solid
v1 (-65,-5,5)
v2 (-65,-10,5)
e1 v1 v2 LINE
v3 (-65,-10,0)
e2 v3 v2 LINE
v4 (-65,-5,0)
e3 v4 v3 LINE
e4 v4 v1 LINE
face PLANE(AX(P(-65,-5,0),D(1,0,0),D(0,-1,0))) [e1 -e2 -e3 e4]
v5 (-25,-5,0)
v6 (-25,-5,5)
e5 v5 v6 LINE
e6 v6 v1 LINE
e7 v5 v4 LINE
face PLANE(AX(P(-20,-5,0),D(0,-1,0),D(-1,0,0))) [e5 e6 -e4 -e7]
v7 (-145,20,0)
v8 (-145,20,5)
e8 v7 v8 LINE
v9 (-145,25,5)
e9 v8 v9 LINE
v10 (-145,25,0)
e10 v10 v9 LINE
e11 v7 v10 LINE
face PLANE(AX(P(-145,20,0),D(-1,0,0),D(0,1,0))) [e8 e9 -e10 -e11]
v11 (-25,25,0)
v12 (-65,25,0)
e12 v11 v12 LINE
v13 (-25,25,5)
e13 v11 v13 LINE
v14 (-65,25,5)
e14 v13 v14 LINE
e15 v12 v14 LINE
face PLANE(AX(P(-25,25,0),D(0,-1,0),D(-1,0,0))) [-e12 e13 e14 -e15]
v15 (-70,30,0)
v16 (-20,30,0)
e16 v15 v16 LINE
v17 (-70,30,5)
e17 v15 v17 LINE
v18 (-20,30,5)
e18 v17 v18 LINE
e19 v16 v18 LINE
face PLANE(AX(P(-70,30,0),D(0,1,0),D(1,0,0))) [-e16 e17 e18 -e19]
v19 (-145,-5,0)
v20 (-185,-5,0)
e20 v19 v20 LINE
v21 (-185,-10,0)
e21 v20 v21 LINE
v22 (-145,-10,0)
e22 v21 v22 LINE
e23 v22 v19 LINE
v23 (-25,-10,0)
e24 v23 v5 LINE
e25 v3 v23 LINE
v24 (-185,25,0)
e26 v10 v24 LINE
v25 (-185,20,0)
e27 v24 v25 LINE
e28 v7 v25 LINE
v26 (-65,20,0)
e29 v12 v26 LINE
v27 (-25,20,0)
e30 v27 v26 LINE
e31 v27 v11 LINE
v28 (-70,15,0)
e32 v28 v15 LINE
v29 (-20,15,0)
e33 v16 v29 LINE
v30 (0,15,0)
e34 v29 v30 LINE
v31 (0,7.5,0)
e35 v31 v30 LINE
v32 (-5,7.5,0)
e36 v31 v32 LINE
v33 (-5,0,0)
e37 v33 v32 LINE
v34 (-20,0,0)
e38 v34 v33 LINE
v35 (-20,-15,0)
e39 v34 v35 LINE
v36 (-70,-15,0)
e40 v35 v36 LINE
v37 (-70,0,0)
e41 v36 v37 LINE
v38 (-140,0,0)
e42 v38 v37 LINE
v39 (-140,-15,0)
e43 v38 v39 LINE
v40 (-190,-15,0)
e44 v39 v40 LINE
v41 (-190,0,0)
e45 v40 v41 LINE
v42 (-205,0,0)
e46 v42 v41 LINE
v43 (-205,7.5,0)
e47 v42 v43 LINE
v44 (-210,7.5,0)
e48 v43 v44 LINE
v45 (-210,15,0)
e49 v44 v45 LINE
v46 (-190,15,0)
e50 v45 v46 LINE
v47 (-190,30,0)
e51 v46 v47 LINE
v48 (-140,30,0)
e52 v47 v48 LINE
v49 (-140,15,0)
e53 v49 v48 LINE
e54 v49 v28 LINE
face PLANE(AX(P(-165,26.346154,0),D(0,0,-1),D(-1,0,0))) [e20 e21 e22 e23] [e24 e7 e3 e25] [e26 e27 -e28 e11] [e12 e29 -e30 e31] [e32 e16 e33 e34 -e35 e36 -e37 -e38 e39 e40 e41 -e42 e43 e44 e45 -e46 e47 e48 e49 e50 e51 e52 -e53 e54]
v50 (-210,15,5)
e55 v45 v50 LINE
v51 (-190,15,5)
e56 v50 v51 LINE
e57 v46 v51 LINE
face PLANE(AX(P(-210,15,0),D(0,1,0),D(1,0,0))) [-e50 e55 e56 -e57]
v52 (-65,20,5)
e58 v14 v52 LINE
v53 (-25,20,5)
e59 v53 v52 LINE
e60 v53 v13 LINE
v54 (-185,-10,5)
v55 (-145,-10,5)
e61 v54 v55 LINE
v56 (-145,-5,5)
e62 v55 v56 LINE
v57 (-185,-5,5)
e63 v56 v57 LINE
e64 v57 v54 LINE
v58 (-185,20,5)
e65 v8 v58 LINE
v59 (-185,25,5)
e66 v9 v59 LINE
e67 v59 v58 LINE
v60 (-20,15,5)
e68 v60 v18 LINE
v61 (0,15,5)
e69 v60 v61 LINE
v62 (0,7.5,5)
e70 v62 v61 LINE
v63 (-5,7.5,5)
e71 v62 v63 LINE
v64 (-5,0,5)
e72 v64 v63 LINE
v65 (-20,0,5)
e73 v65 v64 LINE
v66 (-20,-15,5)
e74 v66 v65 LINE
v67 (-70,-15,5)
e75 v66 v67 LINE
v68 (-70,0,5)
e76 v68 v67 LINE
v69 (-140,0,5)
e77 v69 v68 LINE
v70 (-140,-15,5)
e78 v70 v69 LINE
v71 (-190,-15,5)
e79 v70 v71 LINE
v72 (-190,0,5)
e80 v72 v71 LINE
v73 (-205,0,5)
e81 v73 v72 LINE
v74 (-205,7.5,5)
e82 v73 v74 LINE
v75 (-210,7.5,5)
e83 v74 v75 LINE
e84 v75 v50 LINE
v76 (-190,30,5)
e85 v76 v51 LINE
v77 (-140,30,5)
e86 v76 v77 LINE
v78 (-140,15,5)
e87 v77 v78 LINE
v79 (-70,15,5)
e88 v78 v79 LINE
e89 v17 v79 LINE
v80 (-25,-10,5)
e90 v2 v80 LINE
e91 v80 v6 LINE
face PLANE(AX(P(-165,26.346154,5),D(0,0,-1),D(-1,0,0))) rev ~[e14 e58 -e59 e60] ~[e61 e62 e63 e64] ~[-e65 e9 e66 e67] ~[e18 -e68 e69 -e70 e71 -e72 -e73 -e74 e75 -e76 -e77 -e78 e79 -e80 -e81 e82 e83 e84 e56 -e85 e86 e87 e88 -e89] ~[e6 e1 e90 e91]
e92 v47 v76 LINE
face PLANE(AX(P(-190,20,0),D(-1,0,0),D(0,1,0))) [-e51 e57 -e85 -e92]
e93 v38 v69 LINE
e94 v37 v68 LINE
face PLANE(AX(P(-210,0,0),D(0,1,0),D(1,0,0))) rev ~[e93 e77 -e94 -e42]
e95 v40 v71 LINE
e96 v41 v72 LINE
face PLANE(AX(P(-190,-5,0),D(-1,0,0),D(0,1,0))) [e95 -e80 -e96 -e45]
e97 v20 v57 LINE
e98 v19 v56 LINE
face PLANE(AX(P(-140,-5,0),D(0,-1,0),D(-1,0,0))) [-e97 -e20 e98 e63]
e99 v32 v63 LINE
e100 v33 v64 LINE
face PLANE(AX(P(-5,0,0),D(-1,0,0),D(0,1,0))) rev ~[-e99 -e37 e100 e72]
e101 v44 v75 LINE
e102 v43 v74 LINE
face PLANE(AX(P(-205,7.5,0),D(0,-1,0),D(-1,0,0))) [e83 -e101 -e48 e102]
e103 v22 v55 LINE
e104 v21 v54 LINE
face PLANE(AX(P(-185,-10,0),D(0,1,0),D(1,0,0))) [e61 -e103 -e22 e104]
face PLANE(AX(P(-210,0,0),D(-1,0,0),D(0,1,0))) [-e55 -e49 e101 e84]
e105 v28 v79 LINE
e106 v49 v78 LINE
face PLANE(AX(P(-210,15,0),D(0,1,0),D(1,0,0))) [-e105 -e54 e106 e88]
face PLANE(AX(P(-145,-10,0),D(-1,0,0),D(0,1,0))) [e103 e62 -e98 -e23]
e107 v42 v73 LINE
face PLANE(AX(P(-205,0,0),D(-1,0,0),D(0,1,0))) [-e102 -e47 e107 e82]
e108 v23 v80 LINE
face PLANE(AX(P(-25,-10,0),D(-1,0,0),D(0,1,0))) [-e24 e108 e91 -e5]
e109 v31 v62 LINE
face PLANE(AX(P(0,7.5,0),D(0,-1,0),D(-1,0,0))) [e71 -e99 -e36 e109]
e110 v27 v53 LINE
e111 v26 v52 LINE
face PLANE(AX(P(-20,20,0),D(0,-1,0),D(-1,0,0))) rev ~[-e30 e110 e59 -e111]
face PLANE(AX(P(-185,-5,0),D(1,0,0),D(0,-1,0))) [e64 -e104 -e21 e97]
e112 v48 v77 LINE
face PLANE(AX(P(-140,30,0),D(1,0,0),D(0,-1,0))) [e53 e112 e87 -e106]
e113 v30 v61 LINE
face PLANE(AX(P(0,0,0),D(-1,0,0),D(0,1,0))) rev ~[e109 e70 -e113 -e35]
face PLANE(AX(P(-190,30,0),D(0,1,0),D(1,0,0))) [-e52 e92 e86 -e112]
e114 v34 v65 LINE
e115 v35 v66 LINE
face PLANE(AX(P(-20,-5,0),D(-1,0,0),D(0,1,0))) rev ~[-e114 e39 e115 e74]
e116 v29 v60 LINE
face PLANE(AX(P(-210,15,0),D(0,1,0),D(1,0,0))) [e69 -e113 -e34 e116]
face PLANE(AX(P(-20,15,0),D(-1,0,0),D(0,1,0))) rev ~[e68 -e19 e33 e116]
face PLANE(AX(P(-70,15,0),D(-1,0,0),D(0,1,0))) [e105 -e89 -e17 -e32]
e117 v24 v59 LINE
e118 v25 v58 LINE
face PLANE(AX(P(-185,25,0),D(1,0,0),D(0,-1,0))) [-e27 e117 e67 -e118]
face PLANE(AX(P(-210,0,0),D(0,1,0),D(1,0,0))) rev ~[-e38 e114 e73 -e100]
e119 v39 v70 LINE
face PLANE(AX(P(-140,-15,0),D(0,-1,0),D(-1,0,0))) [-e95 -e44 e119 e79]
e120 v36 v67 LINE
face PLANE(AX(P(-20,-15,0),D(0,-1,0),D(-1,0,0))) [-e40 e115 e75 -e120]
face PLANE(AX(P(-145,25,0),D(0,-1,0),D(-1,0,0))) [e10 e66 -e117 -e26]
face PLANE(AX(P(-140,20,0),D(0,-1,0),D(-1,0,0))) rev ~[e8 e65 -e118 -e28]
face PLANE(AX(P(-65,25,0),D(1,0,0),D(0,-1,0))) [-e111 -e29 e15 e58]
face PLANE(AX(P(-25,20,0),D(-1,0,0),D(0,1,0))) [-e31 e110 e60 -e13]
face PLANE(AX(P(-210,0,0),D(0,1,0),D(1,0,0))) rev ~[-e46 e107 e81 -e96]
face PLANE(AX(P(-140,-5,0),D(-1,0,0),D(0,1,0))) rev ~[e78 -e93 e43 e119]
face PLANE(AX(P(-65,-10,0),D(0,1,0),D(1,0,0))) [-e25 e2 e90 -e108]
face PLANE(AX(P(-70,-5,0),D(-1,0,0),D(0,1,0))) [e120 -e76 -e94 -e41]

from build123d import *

# Parameters (mm, degrees)
SKETCH1_W           = 210
SKETCH1_H           = 15
BOSS_EXTRUDE1_DEPTH = 5
SKETCH2_W           = 50
SKETCH2_H           = 5
BOSS_EXTRUDE2_DEPTH = 5
SKETCH3_W           = 5
SKETCH3_H           = 7.5
CUT_EXTRUDE1_DEPTH  = 5
BOSS_EXTRUDE3_DEPTH = 5


with BuildPart() as part:
    # Sketch1 → Boss-Extrude1 (new body)
    with BuildSketch(Plane.XY):
        with Locations((-105, 7.5)):
            Rectangle(SKETCH1_W, SKETCH1_H)
    extrude(amount=BOSS_EXTRUDE1_DEPTH)

    # Sketch2 → Boss-Extrude2 (add)
    with BuildSketch(Plane(origin=(0, 0, 0), x_dir=(-1, 0, 0), z_dir=(0, 0, -1))):
        with Locations((45, -2.5)):
            Rectangle(SKETCH2_W, SKETCH2_H)
        with Locations((165, -2.5)):
            Rectangle(SKETCH2_W, SKETCH2_H)
        with Locations((165, 17.5)):
            Rectangle(SKETCH2_W, SKETCH2_H)
        with Locations((45, 17.5)):
            Rectangle(SKETCH2_W, SKETCH2_H)
    extrude(amount=-BOSS_EXTRUDE2_DEPTH)

    # Sketch3 → Cut-Extrude1 (cut)
    with BuildSketch(Plane(origin=(0, 0, 0), x_dir=(-1, 0, 0), z_dir=(0, 0, -1))):
        with Locations((2.5, 3.75)):
            Rectangle(SKETCH3_W, SKETCH3_H)
        with Locations((207.5, 3.75)):
            Rectangle(SKETCH3_W, SKETCH3_H)
    extrude(amount=-CUT_EXTRUDE1_DEPTH, mode=Mode.SUBTRACT)

    # Sketch4 → Boss-Extrude3 (add)
    with BuildSketch(Plane(origin=(0, 0, 0), x_dir=(-1, 0, 0), z_dir=(0, 0, -1))):
        Polygon((140, 30), (140, 20), (145, 20), (145, 25), (185, 25), (185, 20), (190, 20), (190, 30), align=None)
        Polygon((20, 20), (25, 20), (25, 25), (65, 25), (65, 20), (70, 20), (70, 30), (20, 30), align=None)
        Polygon((70, -15), (70, -5), (65, -5), (65, -10), (25, -10), (25, -5), (20, -5), (20, -15), align=None)
        Polygon((190, -5), (185, -5), (185, -10), (145, -10), (145, -5), (140, -5), (140, -15), (190, -15), align=None)
    extrude(amount=-BOSS_EXTRUDE3_DEPTH)


solid = part.part
